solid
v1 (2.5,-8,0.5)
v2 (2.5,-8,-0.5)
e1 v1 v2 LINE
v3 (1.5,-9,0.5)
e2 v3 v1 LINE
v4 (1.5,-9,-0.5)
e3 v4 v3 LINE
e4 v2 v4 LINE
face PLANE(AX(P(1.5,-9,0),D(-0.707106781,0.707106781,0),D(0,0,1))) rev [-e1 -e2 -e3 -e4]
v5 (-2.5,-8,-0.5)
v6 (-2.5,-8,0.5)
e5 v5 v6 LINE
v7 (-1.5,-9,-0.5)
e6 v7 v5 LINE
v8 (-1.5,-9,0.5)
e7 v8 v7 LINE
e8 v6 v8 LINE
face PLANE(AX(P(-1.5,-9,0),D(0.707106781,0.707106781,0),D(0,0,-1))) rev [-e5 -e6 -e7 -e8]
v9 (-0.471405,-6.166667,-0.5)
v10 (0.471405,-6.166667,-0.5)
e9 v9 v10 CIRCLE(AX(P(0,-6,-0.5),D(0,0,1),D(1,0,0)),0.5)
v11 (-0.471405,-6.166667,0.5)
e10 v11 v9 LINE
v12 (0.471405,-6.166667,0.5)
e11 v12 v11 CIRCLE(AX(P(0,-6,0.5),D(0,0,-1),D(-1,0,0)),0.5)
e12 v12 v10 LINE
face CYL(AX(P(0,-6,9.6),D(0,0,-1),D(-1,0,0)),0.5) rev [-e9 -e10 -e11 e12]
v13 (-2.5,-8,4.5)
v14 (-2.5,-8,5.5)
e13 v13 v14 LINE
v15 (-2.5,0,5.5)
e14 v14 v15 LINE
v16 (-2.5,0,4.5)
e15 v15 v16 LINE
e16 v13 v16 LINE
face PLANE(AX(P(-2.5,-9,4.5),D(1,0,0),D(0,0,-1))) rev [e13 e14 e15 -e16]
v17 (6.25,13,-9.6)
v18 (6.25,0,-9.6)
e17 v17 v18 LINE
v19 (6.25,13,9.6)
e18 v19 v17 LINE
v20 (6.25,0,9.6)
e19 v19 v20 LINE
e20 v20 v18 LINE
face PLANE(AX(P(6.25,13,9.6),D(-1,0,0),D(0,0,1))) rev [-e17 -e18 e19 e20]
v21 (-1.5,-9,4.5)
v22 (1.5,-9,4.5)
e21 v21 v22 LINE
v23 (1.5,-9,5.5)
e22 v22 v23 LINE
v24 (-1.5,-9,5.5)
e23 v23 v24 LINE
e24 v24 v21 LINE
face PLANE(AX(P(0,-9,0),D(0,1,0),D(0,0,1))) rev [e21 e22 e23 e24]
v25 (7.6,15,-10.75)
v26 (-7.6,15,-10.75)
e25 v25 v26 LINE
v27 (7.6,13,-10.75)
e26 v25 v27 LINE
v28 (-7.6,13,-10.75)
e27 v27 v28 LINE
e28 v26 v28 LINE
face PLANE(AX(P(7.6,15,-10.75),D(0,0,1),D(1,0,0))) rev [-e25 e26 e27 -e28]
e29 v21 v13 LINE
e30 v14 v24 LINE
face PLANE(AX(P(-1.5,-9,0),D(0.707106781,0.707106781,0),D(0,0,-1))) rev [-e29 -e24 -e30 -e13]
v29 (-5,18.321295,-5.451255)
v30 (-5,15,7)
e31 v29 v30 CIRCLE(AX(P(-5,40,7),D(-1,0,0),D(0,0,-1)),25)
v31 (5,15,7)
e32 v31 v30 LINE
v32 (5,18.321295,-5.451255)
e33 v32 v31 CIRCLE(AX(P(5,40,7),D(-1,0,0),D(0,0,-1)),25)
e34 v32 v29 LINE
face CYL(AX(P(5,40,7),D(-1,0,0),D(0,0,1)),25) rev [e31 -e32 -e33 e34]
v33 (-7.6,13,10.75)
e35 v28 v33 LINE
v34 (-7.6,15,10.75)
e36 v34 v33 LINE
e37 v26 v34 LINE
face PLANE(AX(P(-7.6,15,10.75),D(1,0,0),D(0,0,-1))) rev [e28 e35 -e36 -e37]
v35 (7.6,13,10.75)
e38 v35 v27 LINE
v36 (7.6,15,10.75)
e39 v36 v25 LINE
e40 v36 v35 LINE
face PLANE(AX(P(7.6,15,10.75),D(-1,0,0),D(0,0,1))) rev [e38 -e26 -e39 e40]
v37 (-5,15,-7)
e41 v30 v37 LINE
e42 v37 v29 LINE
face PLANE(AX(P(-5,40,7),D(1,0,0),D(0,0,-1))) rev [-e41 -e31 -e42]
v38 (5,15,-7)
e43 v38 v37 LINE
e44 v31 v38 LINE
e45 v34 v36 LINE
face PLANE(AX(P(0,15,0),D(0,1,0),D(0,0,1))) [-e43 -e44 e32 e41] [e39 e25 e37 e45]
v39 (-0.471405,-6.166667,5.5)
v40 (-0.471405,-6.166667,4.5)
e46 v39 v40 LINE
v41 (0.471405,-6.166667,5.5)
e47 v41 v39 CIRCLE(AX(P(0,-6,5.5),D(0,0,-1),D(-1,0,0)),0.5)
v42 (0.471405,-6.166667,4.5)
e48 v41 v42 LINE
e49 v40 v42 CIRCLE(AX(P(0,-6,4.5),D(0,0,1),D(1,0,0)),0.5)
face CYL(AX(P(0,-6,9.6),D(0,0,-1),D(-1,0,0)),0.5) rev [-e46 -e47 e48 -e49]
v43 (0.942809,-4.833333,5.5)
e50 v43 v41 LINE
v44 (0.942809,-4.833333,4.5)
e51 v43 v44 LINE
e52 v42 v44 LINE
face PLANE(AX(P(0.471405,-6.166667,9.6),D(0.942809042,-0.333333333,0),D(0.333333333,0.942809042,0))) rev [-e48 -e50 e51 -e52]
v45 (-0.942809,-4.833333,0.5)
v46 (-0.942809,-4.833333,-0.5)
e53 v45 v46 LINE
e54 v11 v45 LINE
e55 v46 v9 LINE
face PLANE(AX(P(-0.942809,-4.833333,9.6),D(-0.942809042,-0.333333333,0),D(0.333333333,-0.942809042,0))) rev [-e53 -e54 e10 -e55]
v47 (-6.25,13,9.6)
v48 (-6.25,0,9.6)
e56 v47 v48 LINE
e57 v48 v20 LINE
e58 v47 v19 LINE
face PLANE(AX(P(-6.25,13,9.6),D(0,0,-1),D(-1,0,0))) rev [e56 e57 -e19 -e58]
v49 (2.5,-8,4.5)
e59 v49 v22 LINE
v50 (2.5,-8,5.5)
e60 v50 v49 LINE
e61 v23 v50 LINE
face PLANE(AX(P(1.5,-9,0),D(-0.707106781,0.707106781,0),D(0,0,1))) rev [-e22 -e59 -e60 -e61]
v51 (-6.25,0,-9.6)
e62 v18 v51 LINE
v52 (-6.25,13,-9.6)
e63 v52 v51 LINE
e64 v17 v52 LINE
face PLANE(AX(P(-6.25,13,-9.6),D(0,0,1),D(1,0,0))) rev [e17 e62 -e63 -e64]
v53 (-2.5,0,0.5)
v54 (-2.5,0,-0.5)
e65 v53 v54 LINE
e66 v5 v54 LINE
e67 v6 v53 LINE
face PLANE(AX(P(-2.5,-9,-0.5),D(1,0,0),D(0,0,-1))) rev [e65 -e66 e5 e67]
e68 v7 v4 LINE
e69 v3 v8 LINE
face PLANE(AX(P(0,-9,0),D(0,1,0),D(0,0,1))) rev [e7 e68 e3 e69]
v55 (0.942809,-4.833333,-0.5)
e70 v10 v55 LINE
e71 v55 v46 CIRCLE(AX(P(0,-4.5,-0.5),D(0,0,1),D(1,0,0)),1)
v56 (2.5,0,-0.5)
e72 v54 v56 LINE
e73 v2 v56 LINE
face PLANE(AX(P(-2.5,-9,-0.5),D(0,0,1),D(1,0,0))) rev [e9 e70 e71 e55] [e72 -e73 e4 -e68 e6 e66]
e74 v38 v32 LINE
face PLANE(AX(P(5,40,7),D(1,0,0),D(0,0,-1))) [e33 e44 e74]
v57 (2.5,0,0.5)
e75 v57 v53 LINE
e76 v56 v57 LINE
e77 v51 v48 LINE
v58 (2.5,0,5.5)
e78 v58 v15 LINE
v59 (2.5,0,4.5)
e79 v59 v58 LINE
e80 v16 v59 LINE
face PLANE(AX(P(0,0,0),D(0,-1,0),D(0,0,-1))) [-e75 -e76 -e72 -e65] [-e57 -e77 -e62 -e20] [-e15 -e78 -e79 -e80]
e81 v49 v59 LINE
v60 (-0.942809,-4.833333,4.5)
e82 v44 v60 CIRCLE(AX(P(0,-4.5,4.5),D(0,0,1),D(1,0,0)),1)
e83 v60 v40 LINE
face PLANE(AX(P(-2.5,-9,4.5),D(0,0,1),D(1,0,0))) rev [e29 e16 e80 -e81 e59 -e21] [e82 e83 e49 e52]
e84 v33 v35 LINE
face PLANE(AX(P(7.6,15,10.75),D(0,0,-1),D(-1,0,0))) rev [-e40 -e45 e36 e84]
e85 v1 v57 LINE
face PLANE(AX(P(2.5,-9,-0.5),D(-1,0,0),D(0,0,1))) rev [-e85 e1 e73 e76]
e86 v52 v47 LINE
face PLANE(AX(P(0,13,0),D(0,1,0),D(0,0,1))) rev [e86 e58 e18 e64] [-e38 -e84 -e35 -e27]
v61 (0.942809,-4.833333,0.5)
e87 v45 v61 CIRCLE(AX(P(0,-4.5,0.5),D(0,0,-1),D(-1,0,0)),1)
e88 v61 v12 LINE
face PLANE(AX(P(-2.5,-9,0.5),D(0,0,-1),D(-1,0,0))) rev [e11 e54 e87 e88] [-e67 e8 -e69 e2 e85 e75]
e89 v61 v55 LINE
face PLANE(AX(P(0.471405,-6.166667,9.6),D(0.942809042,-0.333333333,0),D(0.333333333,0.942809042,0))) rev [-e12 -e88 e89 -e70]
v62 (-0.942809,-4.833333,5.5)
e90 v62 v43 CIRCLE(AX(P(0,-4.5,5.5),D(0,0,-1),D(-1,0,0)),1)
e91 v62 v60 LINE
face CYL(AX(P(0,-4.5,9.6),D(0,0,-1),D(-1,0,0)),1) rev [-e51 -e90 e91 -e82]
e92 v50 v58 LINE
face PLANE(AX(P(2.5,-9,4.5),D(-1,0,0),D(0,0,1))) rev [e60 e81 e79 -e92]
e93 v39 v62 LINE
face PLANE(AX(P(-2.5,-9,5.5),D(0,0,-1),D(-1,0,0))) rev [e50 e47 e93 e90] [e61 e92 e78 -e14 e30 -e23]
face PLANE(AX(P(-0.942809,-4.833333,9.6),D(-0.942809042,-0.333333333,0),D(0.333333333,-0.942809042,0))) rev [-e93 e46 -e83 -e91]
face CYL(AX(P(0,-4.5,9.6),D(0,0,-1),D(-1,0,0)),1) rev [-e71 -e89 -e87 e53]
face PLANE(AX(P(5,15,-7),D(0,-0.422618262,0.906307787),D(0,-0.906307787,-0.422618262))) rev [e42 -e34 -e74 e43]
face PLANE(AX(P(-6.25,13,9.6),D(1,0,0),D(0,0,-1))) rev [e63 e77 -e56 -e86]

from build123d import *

# Parameters (mm, degrees)
SKETCH_1_W               = 12.5
SKETCH_1_H               = 19.2
EXTRUDE_1_DEPTH          = 13
SKETCH_2_W               = 5
SKETCH_2_H               = 1
EXTRUDE_2_DEPTH          = 9
CHAMFER_1_SIZE           = 1
CUT_EXTRUDE_1_DEPTH      = 18.608875603
CUT_EXTRUDE_1_DEPTH_BACK = 18.608875603
SKETCH_4_W               = 15.2
SKETCH_4_H               = 21.5
EXTRUDE_3_DEPTH          = 2
EXTRUDE_4_DEPTH          = 5


with BuildPart() as part:
    # Эскиз1 → Бобышка-Вытянуть1 (new body)
    with BuildSketch(Plane(origin=(0, 0, 0), x_dir=(1, 0, 0), z_dir=(0, 1, 0))):
        Rectangle(SKETCH_1_W, SKETCH_1_H)
    extrude(amount=EXTRUDE_1_DEPTH)

    # Эскиз2 → Бобышка-Вытянуть2 (add)
    with BuildSketch(Plane.XZ):
        Rectangle(SKETCH_2_W, SKETCH_2_H)
        with Locations((0, 5)):
            Rectangle(SKETCH_2_W, SKETCH_2_H)
    extrude(amount=EXTRUDE_2_DEPTH)

    # Фаска1
    chamfer_1_edges = [part.edges().sort_by_distance(p)[0] for p in [
        (2.5, -9, 5),
        (-2.5, -9, 5),
        (2.5, -9, 0),
        (-2.5, -9, 0),
    ]]
    chamfer(chamfer_1_edges, length=CHAMFER_1_SIZE)

    # Эскиз3 → Вырез-Вытянуть1 (cut, two sides: drawn at the far end of the back side and taken through both)
    with BuildSketch(Plane(origin=(0, 0, -0.5), x_dir=(-1, 0, 0), z_dir=(0, 0, -1)).offset(-CUT_EXTRUDE_1_DEPTH_BACK)):
        with BuildLine():
            Line((0.942809042, -4.833333333), (0.471404521, -6.166666667))
            ThreePointArc((0.471404521, -6.166666667), (0, -6.5), (-0.471404521, -6.166666667))
            Line((-0.471404521, -6.166666667), (-0.942809042, -4.833333333))
            ThreePointArc((-0.942809042, -4.833333333), (0, -3.5), (0.942809042, -4.833333333))
        make_face()
    extrude(amount=CUT_EXTRUDE_1_DEPTH + CUT_EXTRUDE_1_DEPTH_BACK, mode=Mode.SUBTRACT)

    # Эскиз4 → Бобышка-Вытянуть3 (add)
    with BuildSketch(Plane(origin=(0, 13, 0), x_dir=(1, 0, 0), z_dir=(0, 1, 0))):
        Rectangle(SKETCH_4_W, SKETCH_4_H)
    extrude(amount=EXTRUDE_3_DEPTH)

    # Эскиз5 → Бобышка-Вытянуть4 (add, symmetric)
    with BuildSketch(Plane(origin=(0, 0, 0), x_dir=(0, 0, -1), z_dir=(1, 0, 0))):
        with BuildLine():
            Line((-7, 15), (7, 15))
            Line((7, 15), (5.451254755, 18.321294895))
            ThreePointArc((5.451254755, 18.321294895), (-0.556694467, 15.844590382), (-7, 15))
        make_face()
    extrude(amount=EXTRUDE_4_DEPTH, both=True)


solid = part.part
